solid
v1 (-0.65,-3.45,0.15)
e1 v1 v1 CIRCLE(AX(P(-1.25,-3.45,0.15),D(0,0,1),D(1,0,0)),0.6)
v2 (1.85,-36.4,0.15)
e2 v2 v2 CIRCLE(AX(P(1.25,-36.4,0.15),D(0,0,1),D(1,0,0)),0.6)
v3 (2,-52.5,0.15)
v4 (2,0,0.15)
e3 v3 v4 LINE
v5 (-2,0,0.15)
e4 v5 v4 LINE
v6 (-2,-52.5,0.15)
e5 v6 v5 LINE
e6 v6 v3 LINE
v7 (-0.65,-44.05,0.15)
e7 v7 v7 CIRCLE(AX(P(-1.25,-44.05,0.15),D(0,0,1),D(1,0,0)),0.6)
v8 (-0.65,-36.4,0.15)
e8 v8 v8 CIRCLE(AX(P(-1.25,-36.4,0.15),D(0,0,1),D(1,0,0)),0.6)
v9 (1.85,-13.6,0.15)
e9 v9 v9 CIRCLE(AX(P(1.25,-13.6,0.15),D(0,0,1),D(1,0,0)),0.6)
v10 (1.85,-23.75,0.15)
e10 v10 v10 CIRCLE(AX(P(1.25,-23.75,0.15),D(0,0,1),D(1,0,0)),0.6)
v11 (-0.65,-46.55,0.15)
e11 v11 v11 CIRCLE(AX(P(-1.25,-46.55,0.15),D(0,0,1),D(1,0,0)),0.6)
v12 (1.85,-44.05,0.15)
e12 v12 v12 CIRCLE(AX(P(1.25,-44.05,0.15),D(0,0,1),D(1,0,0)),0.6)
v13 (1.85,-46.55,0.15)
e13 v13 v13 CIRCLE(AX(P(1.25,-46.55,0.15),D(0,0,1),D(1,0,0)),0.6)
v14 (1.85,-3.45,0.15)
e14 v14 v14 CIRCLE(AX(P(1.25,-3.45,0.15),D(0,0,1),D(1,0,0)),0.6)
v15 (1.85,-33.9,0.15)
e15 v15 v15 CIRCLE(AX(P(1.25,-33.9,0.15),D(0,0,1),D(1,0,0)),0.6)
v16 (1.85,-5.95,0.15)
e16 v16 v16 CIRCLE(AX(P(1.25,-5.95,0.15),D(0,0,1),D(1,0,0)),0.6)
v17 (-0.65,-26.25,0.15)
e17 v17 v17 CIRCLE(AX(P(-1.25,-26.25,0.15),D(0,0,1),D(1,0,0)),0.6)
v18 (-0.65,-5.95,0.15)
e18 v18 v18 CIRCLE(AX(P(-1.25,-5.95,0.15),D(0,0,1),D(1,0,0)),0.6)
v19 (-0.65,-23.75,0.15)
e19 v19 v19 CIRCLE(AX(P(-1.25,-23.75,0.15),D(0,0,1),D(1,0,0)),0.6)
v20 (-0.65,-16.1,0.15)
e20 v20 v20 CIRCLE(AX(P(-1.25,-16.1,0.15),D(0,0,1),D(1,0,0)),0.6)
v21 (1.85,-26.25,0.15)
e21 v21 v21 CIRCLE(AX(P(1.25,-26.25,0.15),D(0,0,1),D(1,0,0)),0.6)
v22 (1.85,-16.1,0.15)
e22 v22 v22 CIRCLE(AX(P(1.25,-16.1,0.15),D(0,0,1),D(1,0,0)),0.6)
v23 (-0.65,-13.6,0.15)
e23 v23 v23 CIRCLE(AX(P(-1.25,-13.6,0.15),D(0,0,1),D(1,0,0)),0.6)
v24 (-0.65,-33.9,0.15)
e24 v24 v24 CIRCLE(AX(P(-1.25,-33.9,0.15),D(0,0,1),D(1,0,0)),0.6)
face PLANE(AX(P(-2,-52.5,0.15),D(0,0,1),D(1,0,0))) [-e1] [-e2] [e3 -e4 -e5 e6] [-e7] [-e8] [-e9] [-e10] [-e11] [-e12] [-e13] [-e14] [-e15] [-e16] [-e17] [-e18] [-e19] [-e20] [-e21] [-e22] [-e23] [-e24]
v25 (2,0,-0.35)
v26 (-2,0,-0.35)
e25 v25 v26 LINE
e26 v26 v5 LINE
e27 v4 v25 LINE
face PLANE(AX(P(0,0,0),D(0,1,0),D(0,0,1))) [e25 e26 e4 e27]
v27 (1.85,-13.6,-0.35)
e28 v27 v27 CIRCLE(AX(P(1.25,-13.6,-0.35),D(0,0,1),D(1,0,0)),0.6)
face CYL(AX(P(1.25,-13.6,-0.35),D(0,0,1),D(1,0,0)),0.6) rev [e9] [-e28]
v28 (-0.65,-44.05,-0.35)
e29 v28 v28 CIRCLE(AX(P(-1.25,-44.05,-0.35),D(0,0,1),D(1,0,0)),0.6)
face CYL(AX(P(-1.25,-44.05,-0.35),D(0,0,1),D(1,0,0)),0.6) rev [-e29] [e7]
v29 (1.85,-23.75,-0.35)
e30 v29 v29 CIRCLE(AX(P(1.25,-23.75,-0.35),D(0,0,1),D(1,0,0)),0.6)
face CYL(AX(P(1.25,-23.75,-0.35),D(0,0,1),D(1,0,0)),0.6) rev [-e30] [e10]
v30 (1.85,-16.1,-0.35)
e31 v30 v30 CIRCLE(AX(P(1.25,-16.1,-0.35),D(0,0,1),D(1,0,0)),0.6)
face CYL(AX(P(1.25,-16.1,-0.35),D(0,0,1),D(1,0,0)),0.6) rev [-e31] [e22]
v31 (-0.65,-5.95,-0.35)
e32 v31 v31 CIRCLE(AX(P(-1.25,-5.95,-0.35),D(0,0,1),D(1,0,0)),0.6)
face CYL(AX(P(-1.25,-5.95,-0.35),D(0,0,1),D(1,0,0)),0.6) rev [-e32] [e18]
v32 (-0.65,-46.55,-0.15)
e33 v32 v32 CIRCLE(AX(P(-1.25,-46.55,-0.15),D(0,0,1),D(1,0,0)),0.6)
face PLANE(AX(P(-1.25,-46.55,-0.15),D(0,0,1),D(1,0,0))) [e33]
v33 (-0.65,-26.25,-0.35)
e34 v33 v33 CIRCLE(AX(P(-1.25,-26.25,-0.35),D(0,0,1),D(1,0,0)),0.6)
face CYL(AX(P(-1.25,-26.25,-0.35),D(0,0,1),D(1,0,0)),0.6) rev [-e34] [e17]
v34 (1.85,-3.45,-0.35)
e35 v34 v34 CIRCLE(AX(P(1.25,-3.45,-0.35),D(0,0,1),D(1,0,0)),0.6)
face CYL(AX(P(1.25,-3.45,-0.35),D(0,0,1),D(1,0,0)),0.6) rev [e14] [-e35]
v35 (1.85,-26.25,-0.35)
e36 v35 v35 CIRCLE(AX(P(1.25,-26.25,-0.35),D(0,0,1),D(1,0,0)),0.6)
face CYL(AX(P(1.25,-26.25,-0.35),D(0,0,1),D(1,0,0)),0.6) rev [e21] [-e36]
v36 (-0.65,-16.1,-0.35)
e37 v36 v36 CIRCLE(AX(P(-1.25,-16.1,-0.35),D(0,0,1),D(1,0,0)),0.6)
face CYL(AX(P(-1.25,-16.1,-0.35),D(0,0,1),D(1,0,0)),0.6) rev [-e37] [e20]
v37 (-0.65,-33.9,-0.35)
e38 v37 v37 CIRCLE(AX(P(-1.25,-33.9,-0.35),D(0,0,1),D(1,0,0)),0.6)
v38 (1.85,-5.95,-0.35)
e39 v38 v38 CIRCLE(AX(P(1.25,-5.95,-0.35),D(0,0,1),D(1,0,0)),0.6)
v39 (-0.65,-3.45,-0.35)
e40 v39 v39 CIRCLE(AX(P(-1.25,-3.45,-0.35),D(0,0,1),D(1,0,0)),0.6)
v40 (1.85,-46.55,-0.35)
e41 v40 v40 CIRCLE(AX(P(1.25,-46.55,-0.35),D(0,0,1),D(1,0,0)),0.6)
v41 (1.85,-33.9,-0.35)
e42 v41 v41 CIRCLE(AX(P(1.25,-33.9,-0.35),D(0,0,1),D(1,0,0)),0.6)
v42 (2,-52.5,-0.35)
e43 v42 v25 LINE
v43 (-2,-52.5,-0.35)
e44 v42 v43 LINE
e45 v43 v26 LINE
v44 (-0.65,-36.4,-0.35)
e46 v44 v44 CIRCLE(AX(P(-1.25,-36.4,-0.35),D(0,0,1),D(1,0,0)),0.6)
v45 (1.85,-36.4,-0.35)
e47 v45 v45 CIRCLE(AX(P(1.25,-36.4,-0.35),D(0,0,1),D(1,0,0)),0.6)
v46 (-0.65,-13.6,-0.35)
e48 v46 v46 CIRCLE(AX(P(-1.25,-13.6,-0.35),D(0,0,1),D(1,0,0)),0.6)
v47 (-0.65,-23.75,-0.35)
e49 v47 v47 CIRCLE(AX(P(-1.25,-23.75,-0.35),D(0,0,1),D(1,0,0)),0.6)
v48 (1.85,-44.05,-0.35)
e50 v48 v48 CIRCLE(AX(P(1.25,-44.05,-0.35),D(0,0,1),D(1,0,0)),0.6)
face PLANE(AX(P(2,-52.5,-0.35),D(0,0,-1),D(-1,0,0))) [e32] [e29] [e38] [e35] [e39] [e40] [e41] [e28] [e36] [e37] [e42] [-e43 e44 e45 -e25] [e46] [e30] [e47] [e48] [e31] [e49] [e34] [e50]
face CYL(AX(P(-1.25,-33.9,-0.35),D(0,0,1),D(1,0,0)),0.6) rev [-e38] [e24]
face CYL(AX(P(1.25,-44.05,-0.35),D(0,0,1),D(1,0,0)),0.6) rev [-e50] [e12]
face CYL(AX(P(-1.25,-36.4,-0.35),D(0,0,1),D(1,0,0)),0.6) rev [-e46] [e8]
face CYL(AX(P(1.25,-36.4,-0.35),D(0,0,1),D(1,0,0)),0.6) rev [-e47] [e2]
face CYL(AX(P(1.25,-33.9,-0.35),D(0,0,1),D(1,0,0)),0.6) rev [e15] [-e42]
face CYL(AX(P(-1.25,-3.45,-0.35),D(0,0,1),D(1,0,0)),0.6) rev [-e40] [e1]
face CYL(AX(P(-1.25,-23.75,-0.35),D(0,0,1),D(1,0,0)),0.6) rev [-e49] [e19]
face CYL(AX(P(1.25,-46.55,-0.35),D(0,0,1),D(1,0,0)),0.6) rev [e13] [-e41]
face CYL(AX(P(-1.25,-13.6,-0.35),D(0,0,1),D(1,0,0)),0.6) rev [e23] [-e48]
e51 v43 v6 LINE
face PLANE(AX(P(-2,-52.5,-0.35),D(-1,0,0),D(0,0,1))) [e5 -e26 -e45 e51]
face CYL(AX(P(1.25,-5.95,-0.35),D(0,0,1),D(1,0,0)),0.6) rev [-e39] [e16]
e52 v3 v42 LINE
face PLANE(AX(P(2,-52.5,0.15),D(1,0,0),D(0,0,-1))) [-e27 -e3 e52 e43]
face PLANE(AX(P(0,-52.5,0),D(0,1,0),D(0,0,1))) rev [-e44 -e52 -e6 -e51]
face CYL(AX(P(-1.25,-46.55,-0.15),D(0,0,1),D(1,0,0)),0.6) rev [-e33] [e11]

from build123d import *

# Parameters (mm, degrees)
SKETCH3_W           = 4
SKETCH3_H           = 0.5
BOSS_EXTRUDE1_DEPTH = 52.5
SKETCH4_R           = 0.6
CUT_EXTRUDE1_DEPTH  = 0.5
SKETCH5_R           = 0.6
CUT_EXTRUDE2_DEPTH  = 0.5
SKETCH6_R           = 0.6
CUT_EXTRUDE3_DEPTH  = 0.5
SKETCH7_R           = 0.6
CUT_EXTRUDE4_DEPTH  = 0.5
SKETCH8_R           = 0.6
CUT_EXTRUDE5_DEPTH  = 0.5
SKETCH9_R           = 0.6
CUT_EXTRUDE6_DEPTH  = 0.5
SKETCH10_R          = 0.6
CUT_EXTRUDE7_DEPTH  = 0.5
SKETCH11_R          = 0.6
CUT_EXTRUDE8_DEPTH  = 0.5
SKETCH12_R          = 0.6
CUT_EXTRUDE9_DEPTH  = 0.5
SKETCH13_R          = 0.6
CUT_EXTRUDE10_DEPTH = 0.5
SKETCH14_R          = 0.6
CUT_EXTRUDE11_DEPTH = 0.5
SKETCH15_R          = 0.6
CUT_EXTRUDE12_DEPTH = 0.5
SKETCH16_R          = 0.6
CUT_EXTRUDE13_DEPTH = 0.5
SKETCH17_R          = 0.6
CUT_EXTRUDE14_DEPTH = 0.5
SKETCH18_R          = 0.6
CUT_EXTRUDE15_DEPTH = 0.5
SKETCH19_R          = 0.6
CUT_EXTRUDE16_DEPTH = 0.5
SKETCH20_R          = 0.6
CUT_EXTRUDE17_DEPTH = 0.5
SKETCH21_R          = 0.6
CUT_EXTRUDE18_DEPTH = 0.5
SKETCH22_R          = 0.6
CUT_EXTRUDE19_DEPTH = 0.5
SKETCH23_R          = 0.6
CUT_EXTRUDE20_DEPTH = 0.3


with BuildPart() as part:
    # Sketch3 → Boss-Extrude1 (new body)
    with BuildSketch(Plane(origin=(0, 0, 0), x_dir=(1, 0, 0), z_dir=(0, 1, 0))):
        with Locations((0, 0.1)):
            Rectangle(SKETCH3_W, SKETCH3_H)
    extrude(amount=-BOSS_EXTRUDE1_DEPTH)

    # Sketch4 → Cut-Extrude1 (cut)
    with BuildSketch(Plane.XY.offset(0.15)):
        with Locations((1.25, -3.45)):
            Circle(SKETCH4_R)
    extrude(amount=-CUT_EXTRUDE1_DEPTH, mode=Mode.SUBTRACT)

    # Sketch5 → Cut-Extrude2 (cut)
    with BuildSketch(Plane.XY.offset(0.15)):
        with Locations((1.25, -5.95)):
            Circle(SKETCH5_R)
    extrude(amount=-CUT_EXTRUDE2_DEPTH, mode=Mode.SUBTRACT)

    # Sketch6 → Cut-Extrude3 (cut)
    with BuildSketch(Plane.XY.offset(0.15)):
        with Locations((1.25, -13.6)):
            Circle(SKETCH6_R)
    extrude(amount=-CUT_EXTRUDE3_DEPTH, mode=Mode.SUBTRACT)

    # Sketch7 → Cut-Extrude4 (cut)
    with BuildSketch(Plane.XY.offset(0.15)):
        with Locations((1.25, -16.1)):
            Circle(SKETCH7_R)
    extrude(amount=-CUT_EXTRUDE4_DEPTH, mode=Mode.SUBTRACT)

    # Sketch8 → Cut-Extrude5 (cut)
    with BuildSketch(Plane.XY.offset(0.15)):
        with Locations((1.25, -23.75)):
            Circle(SKETCH8_R)
    extrude(amount=-CUT_EXTRUDE5_DEPTH, mode=Mode.SUBTRACT)

    # Sketch9 → Cut-Extrude6 (cut)
    with BuildSketch(Plane.XY.offset(0.15)):
        with Locations((1.25, -26.25)):
            Circle(SKETCH9_R)
    extrude(amount=-CUT_EXTRUDE6_DEPTH, mode=Mode.SUBTRACT)

    # Sketch10 → Cut-Extrude7 (cut)
    with BuildSketch(Plane.XY.offset(0.15)):
        with Locations((1.25, -33.9)):
            Circle(SKETCH10_R)
    extrude(amount=-CUT_EXTRUDE7_DEPTH, mode=Mode.SUBTRACT)

    # Sketch11 → Cut-Extrude8 (cut)
    with BuildSketch(Plane.XY.offset(0.15)):
        with Locations((1.25, -36.4)):
            Circle(SKETCH11_R)
    extrude(amount=-CUT_EXTRUDE8_DEPTH, mode=Mode.SUBTRACT)

    # Sketch12 → Cut-Extrude9 (cut)
    with BuildSketch(Plane.XY.offset(0.15)):
        with Locations((1.25, -44.05)):
            Circle(SKETCH12_R)
    extrude(amount=-CUT_EXTRUDE9_DEPTH, mode=Mode.SUBTRACT)

    # Sketch13 → Cut-Extrude10 (cut)
    with BuildSketch(Plane.XY.offset(0.15)):
        with Locations((1.25, -46.55)):
            Circle(SKETCH13_R)
    extrude(amount=-CUT_EXTRUDE10_DEPTH, mode=Mode.SUBTRACT)

    # Sketch14 → Cut-Extrude11 (cut)
    with BuildSketch(Plane.XY.offset(0.15)):
        with Locations((-1.25, -3.45)):
            Circle(SKETCH14_R)
    extrude(amount=-CUT_EXTRUDE11_DEPTH, mode=Mode.SUBTRACT)

    # Sketch15 → Cut-Extrude12 (cut)
    with BuildSketch(Plane.XY.offset(0.15)):
        with Locations((-1.25, -5.95)):
            Circle(SKETCH15_R)
    extrude(amount=-CUT_EXTRUDE12_DEPTH, mode=Mode.SUBTRACT)

    # Sketch16 → Cut-Extrude13 (cut)
    with BuildSketch(Plane.XY.offset(0.15)):
        with Locations((-1.25, -13.6)):
            Circle(SKETCH16_R)
    extrude(amount=-CUT_EXTRUDE13_DEPTH, mode=Mode.SUBTRACT)

    # Sketch17 → Cut-Extrude14 (cut)
    with BuildSketch(Plane.XY.offset(0.15)):
        with Locations((-1.25, -16.1)):
            Circle(SKETCH17_R)
    extrude(amount=-CUT_EXTRUDE14_DEPTH, mode=Mode.SUBTRACT)

    # Sketch18 → Cut-Extrude15 (cut)
    with BuildSketch(Plane.XY.offset(0.15)):
        with Locations((-1.25, -23.75)):
            Circle(SKETCH18_R)
    extrude(amount=-CUT_EXTRUDE15_DEPTH, mode=Mode.SUBTRACT)

    # Sketch19 → Cut-Extrude16 (cut)
    with BuildSketch(Plane.XY.offset(0.15)):
        with Locations((-1.25, -26.25)):
            Circle(SKETCH19_R)
    extrude(amount=-CUT_EXTRUDE16_DEPTH, mode=Mode.SUBTRACT)

    # Sketch20 → Cut-Extrude17 (cut)
    with BuildSketch(Plane.XY.offset(0.15)):
        with Locations((-1.25, -33.9)):
            Circle(SKETCH20_R)
    extrude(amount=-CUT_EXTRUDE17_DEPTH, mode=Mode.SUBTRACT)

    # Sketch21 → Cut-Extrude18 (cut)
    with BuildSketch(Plane.XY.offset(0.15)):
        with Locations((-1.25, -36.4)):
            Circle(SKETCH21_R)
    extrude(amount=-CUT_EXTRUDE18_DEPTH, mode=Mode.SUBTRACT)

    # Sketch22 → Cut-Extrude19 (cut)
    with BuildSketch(Plane.XY.offset(0.15)):
        with Locations((-1.25, -44.05)):
            Circle(SKETCH22_R)
    extrude(amount=-CUT_EXTRUDE19_DEPTH, mode=Mode.SUBTRACT)

    # Sketch23 → Cut-Extrude20 (cut)
    with BuildSketch(Plane.XY.offset(0.15)):
        with Locations((-1.25, -46.55)):
            Circle(SKETCH23_R)
    extrude(amount=-CUT_EXTRUDE20_DEPTH, mode=Mode.SUBTRACT)


solid = part.part
